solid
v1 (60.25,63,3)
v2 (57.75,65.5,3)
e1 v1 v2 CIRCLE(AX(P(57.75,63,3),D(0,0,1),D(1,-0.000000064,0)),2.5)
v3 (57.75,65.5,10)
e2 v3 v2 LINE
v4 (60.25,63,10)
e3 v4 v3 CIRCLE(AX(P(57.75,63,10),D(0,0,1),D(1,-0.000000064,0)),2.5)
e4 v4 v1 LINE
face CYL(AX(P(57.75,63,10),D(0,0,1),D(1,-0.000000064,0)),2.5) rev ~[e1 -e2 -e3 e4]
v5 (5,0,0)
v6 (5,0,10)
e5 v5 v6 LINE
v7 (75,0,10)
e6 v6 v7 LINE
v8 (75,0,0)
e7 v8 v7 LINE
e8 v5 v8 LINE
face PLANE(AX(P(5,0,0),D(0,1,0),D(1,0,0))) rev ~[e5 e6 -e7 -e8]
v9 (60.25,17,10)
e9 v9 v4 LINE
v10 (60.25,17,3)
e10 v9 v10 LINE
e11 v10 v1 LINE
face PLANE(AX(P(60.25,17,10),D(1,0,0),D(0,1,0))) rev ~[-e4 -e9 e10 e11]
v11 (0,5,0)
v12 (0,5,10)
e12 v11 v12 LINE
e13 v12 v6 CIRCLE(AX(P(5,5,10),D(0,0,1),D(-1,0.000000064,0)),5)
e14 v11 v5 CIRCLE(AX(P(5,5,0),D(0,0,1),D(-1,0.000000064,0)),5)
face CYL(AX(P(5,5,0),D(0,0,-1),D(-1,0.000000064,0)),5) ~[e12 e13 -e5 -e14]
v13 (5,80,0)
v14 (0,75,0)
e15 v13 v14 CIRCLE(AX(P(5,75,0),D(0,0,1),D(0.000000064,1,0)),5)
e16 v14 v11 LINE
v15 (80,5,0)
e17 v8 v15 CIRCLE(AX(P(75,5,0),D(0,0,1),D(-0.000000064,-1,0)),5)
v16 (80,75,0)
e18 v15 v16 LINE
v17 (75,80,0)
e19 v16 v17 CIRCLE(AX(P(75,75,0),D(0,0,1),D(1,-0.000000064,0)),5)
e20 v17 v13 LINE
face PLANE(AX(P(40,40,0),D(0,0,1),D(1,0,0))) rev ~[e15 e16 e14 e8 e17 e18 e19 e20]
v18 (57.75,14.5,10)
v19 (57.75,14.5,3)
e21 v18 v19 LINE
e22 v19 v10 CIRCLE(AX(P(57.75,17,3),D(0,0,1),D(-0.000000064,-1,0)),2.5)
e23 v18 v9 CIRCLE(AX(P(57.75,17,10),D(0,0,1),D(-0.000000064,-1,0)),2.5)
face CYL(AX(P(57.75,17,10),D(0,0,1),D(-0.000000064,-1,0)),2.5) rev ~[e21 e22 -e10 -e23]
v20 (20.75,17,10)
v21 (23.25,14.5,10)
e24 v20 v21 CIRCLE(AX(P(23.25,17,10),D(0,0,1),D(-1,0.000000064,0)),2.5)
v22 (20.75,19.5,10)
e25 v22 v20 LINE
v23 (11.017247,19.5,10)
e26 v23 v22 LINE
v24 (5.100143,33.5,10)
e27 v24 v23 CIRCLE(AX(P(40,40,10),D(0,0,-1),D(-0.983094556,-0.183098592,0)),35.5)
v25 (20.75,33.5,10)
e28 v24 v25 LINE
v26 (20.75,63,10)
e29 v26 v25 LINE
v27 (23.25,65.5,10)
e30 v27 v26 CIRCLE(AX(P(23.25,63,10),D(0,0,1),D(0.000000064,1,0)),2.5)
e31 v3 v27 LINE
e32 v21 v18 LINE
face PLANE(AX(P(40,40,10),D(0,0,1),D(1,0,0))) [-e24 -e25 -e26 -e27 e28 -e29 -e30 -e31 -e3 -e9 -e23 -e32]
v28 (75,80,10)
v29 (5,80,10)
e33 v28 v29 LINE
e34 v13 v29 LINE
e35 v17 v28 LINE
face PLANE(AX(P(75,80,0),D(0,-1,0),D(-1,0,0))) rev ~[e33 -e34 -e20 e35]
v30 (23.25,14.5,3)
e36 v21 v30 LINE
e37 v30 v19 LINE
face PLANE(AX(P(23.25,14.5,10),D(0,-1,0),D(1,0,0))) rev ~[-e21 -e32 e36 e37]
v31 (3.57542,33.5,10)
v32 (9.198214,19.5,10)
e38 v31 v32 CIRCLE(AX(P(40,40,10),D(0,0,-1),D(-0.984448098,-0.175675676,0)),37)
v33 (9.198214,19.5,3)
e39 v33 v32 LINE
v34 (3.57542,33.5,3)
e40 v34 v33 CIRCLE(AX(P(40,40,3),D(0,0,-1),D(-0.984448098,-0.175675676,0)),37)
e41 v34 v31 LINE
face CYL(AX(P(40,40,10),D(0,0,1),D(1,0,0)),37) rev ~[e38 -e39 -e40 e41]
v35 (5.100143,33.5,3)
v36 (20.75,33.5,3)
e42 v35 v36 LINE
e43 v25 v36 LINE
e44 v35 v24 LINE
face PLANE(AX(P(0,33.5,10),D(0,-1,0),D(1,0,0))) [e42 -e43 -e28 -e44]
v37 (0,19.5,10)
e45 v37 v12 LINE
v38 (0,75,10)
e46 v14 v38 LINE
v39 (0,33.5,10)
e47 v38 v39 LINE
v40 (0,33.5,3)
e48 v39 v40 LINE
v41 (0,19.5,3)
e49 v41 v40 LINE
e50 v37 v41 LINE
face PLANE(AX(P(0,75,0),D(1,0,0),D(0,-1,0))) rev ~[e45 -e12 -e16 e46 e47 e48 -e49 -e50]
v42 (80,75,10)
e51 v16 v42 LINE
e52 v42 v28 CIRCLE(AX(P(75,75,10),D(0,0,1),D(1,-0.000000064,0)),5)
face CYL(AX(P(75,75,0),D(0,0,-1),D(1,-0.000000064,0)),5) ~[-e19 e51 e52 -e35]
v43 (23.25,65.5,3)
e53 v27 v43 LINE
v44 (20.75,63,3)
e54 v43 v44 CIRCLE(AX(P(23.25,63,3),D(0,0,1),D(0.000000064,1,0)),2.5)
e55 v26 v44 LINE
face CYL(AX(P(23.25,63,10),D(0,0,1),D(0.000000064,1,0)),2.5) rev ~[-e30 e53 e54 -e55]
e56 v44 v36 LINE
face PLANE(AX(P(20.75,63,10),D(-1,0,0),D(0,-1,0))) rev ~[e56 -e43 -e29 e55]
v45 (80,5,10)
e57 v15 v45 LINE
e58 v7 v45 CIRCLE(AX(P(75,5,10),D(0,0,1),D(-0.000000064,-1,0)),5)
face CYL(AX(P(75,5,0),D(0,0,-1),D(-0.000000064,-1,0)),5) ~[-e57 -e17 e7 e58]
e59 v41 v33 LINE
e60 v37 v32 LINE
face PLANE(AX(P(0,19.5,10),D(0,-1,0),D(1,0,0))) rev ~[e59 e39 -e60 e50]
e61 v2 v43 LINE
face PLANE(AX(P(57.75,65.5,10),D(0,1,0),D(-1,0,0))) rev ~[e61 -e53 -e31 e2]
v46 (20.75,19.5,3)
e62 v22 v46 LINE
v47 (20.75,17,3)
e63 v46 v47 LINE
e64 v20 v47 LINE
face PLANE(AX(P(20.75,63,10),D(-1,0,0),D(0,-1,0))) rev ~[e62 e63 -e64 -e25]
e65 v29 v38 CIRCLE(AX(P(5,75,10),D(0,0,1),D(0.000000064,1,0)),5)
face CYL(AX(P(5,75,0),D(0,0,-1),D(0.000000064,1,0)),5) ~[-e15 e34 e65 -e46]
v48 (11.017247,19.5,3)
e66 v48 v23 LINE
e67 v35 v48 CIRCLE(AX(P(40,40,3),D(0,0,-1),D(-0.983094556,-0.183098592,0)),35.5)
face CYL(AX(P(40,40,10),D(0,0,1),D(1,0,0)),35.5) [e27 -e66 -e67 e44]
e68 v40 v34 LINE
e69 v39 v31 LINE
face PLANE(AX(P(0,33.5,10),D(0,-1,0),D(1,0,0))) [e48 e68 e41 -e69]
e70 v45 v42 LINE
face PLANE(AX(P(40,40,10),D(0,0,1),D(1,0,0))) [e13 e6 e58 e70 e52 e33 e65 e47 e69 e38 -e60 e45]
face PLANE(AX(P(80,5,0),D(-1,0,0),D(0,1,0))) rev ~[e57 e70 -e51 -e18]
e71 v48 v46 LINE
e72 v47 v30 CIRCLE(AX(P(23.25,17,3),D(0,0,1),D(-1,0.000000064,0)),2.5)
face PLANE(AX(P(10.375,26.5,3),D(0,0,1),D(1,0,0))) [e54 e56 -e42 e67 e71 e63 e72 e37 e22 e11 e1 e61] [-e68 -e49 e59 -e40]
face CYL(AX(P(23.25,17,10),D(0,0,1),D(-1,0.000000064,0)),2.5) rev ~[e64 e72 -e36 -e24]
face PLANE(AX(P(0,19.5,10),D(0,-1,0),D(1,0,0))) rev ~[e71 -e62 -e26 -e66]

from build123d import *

# Parameters (mm, degrees)
F1_DEPTH = 10
F3_DEPTH = 7
F4_R     = 37
F4_R_2   = 35.5
F5_DEPTH = 7
F6_W     = 20.75
F6_H     = 14
F7_DEPTH = 7


with BuildPart() as f1:
    # F0 (on Top) → F1 (new body)
    with BuildSketch(Plane.XY):
        with BuildLine():
            Line((75, 80), (5, 80))
            ThreePointArc((5, 80), (1.464466, 78.535534), (0, 75))
            Line((0, 75), (0, 5))
            ThreePointArc((0, 5), (1.464466, 1.464466), (5, 0))
            Line((5, 0), (75, 0))
            ThreePointArc((75, 0), (78.535534, 1.464466), (80, 5))
            Line((80, 5), (80, 75))
            ThreePointArc((80, 75), (78.535534, 78.535534), (75, 80))
        make_face()
    extrude(amount=F1_DEPTH)

    # F2 (on face) → F3 (cut)
    with BuildSketch(Plane.XY.offset(10)):
        with BuildLine():
            ThreePointArc((20.75, 17), (21.482233, 15.232233), (23.25, 14.5))
            Line((23.25, 14.5), (57.75, 14.5))
            ThreePointArc((57.75, 14.5), (59.517767, 15.232233), (60.25, 17))
            Line((60.25, 17), (60.25, 63))
            ThreePointArc((60.25, 63), (59.517767, 64.767767), (57.75, 65.5))
            Line((57.75, 65.5), (23.25, 65.5))
            ThreePointArc((23.25, 65.5), (21.482233, 64.767767), (20.75, 63))
            Line((20.75, 63), (20.75, 17))
        make_face()
    extrude(amount=-F3_DEPTH, mode=Mode.SUBTRACT)

    # F4 (on face) → F5 (cut)
    with BuildSketch(Plane.XY.offset(10)):
        with Locations((40, 40)):
            Circle(F4_R)
        with Locations((40, 40)):
            Circle(F4_R_2, mode=Mode.SUBTRACT)
    extrude(amount=-F5_DEPTH, mode=Mode.SUBTRACT)

    # F6 (on face) → F7 (cut)
    with BuildSketch(Plane.XY.offset(10)):
        with Locations((10.375, 26.5)):
            Rectangle(F6_W, F6_H)
    extrude(amount=-F7_DEPTH, mode=Mode.SUBTRACT)


solid = f1.part
